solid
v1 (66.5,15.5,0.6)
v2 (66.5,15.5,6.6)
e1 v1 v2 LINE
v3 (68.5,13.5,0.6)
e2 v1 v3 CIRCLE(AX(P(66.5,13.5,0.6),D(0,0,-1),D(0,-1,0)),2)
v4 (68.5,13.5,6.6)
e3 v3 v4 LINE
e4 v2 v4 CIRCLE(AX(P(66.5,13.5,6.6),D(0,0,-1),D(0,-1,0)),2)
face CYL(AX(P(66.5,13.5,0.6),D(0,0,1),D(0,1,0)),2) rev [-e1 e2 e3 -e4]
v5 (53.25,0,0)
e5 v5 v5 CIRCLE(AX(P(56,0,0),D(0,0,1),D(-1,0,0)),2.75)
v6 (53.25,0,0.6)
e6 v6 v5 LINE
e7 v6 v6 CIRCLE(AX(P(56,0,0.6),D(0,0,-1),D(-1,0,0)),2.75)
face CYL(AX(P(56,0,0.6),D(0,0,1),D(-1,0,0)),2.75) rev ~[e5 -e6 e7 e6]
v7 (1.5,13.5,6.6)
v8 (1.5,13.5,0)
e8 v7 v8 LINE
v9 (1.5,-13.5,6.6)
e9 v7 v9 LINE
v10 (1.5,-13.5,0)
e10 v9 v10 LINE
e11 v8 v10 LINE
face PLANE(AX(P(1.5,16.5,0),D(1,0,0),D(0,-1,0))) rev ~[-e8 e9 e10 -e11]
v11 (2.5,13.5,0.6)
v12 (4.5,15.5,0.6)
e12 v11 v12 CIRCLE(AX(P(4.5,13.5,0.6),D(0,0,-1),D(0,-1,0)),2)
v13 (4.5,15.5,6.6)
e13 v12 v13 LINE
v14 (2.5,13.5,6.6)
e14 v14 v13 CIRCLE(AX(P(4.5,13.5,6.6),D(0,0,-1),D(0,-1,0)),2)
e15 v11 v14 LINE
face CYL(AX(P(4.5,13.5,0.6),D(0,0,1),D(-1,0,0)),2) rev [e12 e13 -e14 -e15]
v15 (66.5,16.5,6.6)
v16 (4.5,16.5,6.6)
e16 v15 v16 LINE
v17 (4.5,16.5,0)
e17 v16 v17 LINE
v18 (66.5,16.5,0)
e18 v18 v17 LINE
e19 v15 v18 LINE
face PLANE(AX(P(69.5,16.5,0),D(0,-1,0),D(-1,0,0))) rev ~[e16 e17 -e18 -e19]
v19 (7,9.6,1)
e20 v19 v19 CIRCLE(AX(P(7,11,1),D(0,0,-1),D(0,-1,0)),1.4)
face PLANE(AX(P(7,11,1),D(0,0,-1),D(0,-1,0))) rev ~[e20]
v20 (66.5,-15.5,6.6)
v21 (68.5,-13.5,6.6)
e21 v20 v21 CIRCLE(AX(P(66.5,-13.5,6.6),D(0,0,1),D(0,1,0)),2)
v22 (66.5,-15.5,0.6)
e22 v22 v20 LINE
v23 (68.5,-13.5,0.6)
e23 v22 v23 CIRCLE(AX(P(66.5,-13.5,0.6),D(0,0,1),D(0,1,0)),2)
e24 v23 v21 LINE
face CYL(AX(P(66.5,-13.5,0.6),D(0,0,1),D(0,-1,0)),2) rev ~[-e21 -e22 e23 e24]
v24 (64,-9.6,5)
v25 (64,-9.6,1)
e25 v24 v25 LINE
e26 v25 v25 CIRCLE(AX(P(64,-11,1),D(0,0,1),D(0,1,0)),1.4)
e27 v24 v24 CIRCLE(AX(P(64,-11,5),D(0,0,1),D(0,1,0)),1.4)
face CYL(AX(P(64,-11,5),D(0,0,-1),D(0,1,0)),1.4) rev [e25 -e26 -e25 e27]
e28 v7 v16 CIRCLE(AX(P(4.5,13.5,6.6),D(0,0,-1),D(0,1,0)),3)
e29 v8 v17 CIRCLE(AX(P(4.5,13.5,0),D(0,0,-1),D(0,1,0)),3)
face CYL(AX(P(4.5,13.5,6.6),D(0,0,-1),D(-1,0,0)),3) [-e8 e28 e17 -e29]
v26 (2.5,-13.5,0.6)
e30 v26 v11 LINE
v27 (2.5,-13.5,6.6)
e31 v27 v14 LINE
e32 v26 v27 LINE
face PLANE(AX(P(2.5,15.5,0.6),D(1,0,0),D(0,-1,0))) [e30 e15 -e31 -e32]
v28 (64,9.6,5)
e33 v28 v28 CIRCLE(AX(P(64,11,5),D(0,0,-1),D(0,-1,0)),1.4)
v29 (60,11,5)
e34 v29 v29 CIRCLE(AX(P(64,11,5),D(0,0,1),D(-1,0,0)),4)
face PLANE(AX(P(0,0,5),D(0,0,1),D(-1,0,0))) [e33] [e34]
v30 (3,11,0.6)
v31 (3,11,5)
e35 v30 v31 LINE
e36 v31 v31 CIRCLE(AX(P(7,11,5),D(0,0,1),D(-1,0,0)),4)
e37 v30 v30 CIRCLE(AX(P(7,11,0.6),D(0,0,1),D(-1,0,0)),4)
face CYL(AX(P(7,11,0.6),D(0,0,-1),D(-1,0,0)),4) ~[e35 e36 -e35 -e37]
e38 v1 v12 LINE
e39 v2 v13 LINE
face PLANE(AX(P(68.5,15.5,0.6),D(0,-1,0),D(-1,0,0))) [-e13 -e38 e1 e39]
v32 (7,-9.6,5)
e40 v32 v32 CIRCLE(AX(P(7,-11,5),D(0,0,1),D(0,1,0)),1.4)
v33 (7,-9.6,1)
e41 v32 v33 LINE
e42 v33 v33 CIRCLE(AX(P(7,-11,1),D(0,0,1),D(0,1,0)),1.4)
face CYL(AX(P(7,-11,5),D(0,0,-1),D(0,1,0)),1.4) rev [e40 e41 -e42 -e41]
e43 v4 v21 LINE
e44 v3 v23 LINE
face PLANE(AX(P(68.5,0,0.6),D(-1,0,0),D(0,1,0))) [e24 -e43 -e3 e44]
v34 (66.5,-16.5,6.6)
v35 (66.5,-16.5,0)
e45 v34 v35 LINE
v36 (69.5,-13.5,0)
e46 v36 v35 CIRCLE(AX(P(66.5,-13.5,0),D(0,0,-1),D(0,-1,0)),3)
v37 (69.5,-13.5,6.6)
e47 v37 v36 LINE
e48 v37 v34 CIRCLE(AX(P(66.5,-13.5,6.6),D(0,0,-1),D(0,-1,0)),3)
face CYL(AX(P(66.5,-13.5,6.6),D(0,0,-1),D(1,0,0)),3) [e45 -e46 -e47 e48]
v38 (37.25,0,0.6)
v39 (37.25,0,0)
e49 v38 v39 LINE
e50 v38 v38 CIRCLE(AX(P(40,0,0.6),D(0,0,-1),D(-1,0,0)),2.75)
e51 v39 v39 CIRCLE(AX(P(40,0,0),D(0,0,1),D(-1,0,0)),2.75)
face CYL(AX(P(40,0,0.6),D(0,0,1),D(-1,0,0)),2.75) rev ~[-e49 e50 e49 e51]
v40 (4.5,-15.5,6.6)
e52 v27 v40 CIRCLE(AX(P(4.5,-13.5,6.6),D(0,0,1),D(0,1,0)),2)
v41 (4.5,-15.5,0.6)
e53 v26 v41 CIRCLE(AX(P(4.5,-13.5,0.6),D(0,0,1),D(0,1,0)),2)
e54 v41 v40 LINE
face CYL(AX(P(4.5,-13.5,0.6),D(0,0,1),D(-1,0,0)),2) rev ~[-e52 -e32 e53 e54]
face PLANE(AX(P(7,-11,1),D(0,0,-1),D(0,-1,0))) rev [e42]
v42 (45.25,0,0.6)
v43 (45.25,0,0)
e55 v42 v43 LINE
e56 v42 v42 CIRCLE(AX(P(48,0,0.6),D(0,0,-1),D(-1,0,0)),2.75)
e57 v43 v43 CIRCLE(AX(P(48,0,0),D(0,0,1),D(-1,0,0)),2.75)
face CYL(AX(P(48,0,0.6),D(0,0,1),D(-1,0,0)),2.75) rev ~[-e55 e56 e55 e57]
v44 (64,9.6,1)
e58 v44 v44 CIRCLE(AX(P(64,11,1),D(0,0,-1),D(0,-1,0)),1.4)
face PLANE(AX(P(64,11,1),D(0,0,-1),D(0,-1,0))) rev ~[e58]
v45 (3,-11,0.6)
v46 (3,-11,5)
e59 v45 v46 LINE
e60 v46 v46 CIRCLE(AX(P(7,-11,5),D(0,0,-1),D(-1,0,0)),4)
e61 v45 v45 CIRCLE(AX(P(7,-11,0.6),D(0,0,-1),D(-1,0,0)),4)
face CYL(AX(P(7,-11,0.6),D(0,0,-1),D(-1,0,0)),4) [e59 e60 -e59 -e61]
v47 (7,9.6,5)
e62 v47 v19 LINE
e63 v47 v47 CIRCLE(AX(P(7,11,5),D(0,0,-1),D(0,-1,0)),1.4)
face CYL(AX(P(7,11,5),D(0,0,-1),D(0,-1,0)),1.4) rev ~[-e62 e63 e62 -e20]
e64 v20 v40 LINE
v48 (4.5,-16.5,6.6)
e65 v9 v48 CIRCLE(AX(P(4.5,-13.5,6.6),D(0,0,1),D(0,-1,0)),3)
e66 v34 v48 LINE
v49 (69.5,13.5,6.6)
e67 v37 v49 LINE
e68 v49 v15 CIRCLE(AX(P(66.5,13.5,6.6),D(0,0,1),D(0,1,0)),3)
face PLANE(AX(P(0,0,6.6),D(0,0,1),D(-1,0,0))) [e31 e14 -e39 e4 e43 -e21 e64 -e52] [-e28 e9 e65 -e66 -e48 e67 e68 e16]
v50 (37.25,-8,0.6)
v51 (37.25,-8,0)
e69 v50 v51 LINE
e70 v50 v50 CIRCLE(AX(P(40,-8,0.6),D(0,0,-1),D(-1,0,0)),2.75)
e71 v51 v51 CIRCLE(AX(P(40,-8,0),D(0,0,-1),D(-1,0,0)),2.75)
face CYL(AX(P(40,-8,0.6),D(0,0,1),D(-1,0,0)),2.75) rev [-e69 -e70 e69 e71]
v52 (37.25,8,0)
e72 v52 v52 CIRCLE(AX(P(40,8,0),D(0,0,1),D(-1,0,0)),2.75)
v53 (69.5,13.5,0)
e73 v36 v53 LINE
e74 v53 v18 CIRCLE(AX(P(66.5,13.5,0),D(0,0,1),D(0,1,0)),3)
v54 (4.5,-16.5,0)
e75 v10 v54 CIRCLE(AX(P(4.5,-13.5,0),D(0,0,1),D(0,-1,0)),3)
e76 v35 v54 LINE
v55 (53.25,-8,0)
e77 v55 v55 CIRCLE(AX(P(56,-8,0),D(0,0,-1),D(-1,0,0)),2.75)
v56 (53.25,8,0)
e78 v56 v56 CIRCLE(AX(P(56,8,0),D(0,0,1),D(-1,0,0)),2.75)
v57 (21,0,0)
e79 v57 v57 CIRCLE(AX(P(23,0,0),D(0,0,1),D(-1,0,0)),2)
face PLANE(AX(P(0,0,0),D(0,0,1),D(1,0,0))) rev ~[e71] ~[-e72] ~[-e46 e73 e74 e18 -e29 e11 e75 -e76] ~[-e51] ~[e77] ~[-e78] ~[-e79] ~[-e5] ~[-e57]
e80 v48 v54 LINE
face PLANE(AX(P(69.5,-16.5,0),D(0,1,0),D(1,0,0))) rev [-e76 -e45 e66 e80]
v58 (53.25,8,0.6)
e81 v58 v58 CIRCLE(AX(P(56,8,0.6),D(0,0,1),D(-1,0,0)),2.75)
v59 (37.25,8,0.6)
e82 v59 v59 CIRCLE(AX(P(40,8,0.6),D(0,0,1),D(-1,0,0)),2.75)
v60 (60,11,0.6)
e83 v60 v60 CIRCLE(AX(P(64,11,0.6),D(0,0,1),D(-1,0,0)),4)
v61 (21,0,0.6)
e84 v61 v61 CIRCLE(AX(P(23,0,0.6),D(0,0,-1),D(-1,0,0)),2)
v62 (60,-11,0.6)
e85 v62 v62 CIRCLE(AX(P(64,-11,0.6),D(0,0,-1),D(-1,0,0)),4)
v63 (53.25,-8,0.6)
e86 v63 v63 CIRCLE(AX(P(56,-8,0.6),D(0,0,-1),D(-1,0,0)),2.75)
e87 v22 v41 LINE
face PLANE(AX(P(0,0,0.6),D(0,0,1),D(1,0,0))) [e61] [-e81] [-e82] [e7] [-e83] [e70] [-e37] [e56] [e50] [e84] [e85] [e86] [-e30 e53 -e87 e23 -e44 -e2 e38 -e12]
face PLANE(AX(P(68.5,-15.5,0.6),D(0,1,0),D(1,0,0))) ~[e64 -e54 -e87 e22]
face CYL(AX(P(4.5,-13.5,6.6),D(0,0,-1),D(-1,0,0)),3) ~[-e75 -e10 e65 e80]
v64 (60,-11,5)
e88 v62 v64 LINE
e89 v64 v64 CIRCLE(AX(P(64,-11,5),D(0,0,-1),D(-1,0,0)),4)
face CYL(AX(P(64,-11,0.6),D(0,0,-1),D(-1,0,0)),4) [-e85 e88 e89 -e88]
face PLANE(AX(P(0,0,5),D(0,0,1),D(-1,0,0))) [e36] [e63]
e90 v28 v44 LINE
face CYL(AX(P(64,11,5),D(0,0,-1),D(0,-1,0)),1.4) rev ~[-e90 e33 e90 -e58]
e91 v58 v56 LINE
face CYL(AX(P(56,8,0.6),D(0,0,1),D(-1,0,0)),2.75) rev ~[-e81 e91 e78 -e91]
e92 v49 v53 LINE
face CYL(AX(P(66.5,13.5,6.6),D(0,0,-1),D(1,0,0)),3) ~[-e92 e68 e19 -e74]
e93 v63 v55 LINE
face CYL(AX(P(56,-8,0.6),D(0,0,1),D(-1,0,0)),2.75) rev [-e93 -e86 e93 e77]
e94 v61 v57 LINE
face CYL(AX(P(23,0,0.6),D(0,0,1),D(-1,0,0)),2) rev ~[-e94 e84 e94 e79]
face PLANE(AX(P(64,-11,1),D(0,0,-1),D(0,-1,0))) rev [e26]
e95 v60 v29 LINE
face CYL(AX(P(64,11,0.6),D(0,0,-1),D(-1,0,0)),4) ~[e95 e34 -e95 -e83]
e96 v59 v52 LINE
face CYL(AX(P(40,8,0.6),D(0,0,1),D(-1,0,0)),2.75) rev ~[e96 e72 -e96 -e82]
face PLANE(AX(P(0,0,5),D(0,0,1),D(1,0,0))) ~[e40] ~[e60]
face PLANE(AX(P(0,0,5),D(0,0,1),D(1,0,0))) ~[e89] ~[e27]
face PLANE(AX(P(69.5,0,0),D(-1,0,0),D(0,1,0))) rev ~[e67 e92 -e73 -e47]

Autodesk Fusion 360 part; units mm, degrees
sketch "Skizze1" plane through (0, 0, 0) normal (0, 0, 1) x (1, 0, 0)
  line L0 (1.5, 0) -> (69.5, 0)
  line L1 (69.5, 0) -> (69.5, 16.5)
  line L2 (69.5, 16.5) -> (1.5, 16.5)
  line L3 (1.5, 16.5) -> (1.5, 0)
  dimension "d1" = 68
  dimension "d2" = 16.5
extrude "Extrusion1" add sketch "Skizze1" along normal blind 0.6
sketch "Skizze2" plane through (0, 0, 0.6) normal (0, 0, 1) x (-1, 0, 0)
  line L0 (-1.5, -16.5) -> (-1.5, 0)
  line L1 (-1.5, 0) -> (-69.5, 0)
  line L2 (-69.5, 0) -> (-69.5, -16.5)
  line L3 (-69.5, -16.5) -> (-1.5, -16.5)
  line L4 (-1.5, 0) -> (-1.5, -16.5)
  line L5 (-1.5, -16.5) -> (-69.5, -16.5)
  line L6 (-69.5, -16.5) -> (-69.5, 0)
  line L7 (-69.5, 0) -> (-68.5, 0)
  line L8 (-68.5, 0) -> (-68.5, -15.5)
  line L9 (-68.5, -15.5) -> (-2.5, -15.5)
  line L10 (-2.5, -15.5) -> (-2.5, 0)
  line L11 (-2.5, 0) -> (-1.5, 0)
  dimension "d5" = 1
  dimension "d6" = 1
  dimension "d7" = 1
extrude "Extrusion2" add sketch "Skizze2" along normal blind 6 contours L0 L1 L2 L3 L4 L5 L6 L7 L8 L9 L10 L11
fillet "Abrundung1" radius 2 2 edges at (2.5, 15.5, 3.6) (68.5, 15.5, 3.6)
fillet "Abrundung2" radius 3 2 edges at (69.5, 16.5, 3.3) (1.5, 16.5, 3.3)
sketch "Skizze3" plane through (0, 0, 0.6) normal (0, 0, 1) x (-1, 0, 0)
  arc A0 (-68.5, -13.5) -> (-66.5, -15.5) centre (-66.5, -13.5) ccw
  line L0 (-66.5, -15.5) -> (-4.5, -15.5)
  arc A1 (-4.5, -15.5) -> (-2.5, -13.5) centre (-4.5, -13.5) ccw
  line L1 (-2.5, -13.5) -> (-2.5, 0)
  line L2 (-2.5, 0) -> (-68.5, 0)
  line L3 (-68.5, 0) -> (-68.5, -13.5)
  circle A2 centre (-64, -11) radius 4
  circle A3 centre (-7, -11) radius 4
  dimension "d14" = 8
  dimension "d15" = 8
  dimension "d16" = 57
  dimension "d17" = 11
  dimension "d18" = 7
  dimension "d19" = 11
extrude "Extrusion3" add sketch "Skizze3" along normal blind 4.4 contours A2 | A3
sketch "Skizze4" plane through (0, 0, 5) normal (0, 0, 1) x (-1, 0, 0)
  circle A0 centre (-7, -11) radius 4
  circle A1 centre (-64, -11) radius 4
  point P0 (-7, -11)
  point P1 (-64, -11)
hole "Bohrung1" at (7, 11, 5) at (64, 11, 5) direction (0, 0, -1) diameter 2.8 depth 4 tip angle 180
sketch "Skizze5" plane through (0, 0, 0.6) normal (0, 0, 1) x (-1, 0, 0)
  circle A0 centre (-64, -11) radius 4
  circle A1 centre (-7, -11) radius 4
  arc A2 (-68.5, -13.5) -> (-66.5, -15.5) centre (-66.5, -13.5) ccw
  line L0 (-66.5, -15.5) -> (-4.5, -15.5)
  arc A3 (-4.5, -15.5) -> (-2.5, -13.5) centre (-4.5, -13.5) ccw
  line L1 (-2.5, -13.5) -> (-2.5, 0)
  line L2 (-2.5, 0) -> (-68.5, 0)
  line L3 (-68.5, 0) -> (-68.5, -13.5)
  circle A4 centre (-48, 0) radius 2.75
  circle A5 centre (-56, 0) radius 2.75
  circle A6 centre (-56, -8) radius 2.75
  circle A7 centre (-40, -8) radius 2.75
  circle A8 centre (-40, 0) radius 2.75
  circle A9 centre (-23, 0) radius 2
  dimension "d25" = 4
  dimension "d26" = 5.5
  dimension "d27" = 5.5
  dimension "d28" = 5.5
  dimension "d29" = 5.5
  dimension "d30" = 5.5
  dimension "d31" = 8
  dimension "d32" = 8
  dimension "d33" = 8
  dimension "d34" = 8
  dimension "d36" = 48
  dimension "d37" = 8
  dimension "d38" = 8
  dimension "d43" = 17
extrude "Extrusion4" cut sketch "Skizze5" against normal blind 5 contours L2 A5 | L2 A4 | L2 A9 | L2 A8 | A6 | A7 picked at (-55.1334, -0.6679) picked at (-47.1334, -0.6679) picked at (-23.6445, -0.2959) picked at (-39.1334, -0.6679)
mirror "Spiegeln1" about plane through (0, 0, 0) normal (0, 1, 0) of bodies 1 merged
equation "d20 = 6 mm - 1.6 mm"
